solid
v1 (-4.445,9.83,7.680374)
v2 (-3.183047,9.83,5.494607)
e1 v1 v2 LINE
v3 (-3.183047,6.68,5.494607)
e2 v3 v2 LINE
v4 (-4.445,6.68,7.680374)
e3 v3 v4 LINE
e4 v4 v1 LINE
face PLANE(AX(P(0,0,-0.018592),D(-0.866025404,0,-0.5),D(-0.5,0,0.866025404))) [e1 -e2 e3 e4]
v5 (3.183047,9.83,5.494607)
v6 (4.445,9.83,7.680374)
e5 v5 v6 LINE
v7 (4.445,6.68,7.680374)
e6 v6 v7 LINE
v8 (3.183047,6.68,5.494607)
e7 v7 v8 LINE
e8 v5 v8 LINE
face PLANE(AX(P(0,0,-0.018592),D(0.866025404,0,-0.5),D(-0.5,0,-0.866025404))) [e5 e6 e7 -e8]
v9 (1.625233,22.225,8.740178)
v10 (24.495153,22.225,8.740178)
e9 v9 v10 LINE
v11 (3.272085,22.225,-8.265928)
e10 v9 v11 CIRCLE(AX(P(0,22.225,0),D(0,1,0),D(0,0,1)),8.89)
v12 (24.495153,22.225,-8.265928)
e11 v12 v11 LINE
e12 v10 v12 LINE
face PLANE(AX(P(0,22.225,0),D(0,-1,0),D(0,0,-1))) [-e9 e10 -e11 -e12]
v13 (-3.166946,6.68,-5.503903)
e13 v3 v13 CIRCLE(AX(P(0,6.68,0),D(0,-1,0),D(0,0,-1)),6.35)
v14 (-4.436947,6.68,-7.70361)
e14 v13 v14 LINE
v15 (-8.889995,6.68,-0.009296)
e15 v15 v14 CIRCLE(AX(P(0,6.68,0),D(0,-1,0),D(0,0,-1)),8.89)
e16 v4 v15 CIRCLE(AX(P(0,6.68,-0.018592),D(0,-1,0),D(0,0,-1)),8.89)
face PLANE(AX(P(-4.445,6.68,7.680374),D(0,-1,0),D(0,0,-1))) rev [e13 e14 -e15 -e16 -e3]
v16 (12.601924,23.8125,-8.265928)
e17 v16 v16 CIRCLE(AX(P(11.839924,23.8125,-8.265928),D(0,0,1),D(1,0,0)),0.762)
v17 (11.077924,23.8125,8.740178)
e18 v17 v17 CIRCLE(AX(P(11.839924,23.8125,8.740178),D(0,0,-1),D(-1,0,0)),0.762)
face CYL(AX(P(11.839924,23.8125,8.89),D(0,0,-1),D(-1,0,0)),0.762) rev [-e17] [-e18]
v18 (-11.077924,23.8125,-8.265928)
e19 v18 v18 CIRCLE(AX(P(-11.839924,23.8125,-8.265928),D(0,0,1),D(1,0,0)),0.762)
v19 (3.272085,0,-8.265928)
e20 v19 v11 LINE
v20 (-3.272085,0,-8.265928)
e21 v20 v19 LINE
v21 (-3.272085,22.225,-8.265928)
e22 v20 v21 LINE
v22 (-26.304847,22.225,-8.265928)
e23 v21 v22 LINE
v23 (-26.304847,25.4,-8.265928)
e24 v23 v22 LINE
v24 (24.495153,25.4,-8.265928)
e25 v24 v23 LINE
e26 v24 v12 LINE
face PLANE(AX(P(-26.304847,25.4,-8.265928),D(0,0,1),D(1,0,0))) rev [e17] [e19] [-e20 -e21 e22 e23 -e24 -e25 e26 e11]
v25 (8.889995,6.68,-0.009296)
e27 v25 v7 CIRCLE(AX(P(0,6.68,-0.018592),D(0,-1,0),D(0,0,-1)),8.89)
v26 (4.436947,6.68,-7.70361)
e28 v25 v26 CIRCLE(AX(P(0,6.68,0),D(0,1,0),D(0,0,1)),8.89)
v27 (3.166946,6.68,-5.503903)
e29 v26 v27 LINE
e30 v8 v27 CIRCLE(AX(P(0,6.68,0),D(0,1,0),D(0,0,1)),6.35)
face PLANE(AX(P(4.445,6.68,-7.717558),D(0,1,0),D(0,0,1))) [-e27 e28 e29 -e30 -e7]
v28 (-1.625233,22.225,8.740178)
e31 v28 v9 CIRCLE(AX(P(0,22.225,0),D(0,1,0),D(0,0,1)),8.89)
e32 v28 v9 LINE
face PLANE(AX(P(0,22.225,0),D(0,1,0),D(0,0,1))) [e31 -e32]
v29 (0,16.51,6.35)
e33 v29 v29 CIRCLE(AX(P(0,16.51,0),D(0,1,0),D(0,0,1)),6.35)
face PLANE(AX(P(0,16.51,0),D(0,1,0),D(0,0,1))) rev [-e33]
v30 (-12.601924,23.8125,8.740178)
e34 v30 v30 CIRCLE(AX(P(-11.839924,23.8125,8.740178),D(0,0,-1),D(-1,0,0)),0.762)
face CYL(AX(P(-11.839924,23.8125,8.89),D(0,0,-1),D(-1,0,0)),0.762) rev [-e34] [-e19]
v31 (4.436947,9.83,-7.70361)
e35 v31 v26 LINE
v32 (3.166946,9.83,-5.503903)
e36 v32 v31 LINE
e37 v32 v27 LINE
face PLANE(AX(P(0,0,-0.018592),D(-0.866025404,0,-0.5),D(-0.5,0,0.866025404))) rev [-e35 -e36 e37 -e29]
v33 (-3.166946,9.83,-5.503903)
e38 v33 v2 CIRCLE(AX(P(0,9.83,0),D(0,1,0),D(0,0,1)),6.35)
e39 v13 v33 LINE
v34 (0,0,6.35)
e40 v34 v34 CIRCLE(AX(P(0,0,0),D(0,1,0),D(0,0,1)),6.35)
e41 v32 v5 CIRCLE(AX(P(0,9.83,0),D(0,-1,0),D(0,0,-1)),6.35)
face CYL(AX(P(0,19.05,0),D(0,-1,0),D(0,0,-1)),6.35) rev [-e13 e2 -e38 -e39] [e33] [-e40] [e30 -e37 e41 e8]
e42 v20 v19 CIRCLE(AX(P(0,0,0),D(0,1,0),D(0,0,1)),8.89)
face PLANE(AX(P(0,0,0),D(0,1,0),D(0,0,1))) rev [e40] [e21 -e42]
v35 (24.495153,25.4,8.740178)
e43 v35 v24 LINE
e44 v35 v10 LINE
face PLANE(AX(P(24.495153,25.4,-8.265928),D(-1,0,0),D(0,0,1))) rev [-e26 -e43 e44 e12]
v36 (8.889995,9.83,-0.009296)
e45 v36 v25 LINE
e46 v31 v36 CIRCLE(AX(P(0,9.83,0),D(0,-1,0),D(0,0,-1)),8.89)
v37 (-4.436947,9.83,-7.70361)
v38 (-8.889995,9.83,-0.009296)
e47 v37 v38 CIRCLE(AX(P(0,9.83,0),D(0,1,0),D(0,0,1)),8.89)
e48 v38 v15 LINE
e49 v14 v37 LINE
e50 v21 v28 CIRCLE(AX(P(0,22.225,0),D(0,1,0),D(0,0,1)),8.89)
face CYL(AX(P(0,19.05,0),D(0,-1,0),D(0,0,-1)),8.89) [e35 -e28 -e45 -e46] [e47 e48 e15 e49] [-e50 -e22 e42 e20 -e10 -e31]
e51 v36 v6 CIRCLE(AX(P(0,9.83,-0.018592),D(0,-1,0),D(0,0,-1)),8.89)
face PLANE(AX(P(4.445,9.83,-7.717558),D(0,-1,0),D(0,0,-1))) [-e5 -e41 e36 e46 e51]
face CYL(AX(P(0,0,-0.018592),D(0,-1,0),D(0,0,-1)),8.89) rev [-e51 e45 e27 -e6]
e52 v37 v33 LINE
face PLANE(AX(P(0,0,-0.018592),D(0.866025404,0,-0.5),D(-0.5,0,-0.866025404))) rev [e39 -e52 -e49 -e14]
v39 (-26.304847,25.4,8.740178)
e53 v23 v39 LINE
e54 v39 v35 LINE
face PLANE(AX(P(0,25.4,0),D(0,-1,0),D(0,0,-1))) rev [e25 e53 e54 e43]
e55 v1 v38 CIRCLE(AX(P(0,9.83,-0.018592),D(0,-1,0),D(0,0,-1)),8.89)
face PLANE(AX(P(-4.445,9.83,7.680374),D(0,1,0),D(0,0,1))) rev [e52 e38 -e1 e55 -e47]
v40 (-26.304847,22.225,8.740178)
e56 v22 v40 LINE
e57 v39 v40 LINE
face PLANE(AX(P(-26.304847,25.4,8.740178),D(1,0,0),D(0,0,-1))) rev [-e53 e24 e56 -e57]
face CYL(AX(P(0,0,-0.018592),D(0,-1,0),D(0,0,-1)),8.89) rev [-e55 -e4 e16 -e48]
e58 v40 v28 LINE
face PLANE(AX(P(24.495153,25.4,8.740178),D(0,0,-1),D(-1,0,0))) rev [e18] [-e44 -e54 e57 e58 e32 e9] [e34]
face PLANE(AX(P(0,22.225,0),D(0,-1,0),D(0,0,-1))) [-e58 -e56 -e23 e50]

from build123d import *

# Parameters (mm, degrees)
SKETCH1_R                    = 8.89
BOSS_EXTRUDE2_DEPTH          = 19.05
SHELL7_T                     = -2.54
SKETCH3_R                    = 8.89
BOSS_EXTRUDE4_DEPTH          = 3.175
SKETCH4_W                    = 50.8
SKETCH4_H                    = 17.006105847
BOSS_EXTRUDE5_DEPTH          = 3.175
SKETCH5_W                    = 3.81
SKETCH5_H                    = 3.15
CUT_REVOLVE1_ANGLE           = 60
CUT_REVOLVE1_OTHER_WAY_ANGLE = 60
SKETCH6_R                    = 0.762
CUT_EXTRUDE1_DEPTH           = 39.937338239
CUT_EXTRUDE1_DEPTH_BACK      = 39.937338239
CUT_EXTRUDE2_DEPTH           = 36.565821813


with BuildPart() as part:
    # Sketch1 → Boss-Extrude2 (new body)
    with BuildSketch(Plane(origin=(0, 0, 0), x_dir=(1, 0, 0), z_dir=(0, 1, 0))):
        with Locations(Location((0, 0, 0), (0, 0, 90))):
            Circle(SKETCH1_R)
    extrude(amount=BOSS_EXTRUDE2_DEPTH)

    # Shell7
    shell7_openings = [part.faces().sort_by_distance(p)[0] for p in [
        (0, 0, 0),
    ]]
    offset(amount=SHELL7_T, openings=shell7_openings, kind=Kind.INTERSECTION)

    # Sketch3 → Boss-Extrude4 (add)
    with BuildSketch(Plane(origin=(0, 19.05, 0), x_dir=(1, 0, 0), z_dir=(0, 1, 0))):
        with Locations(Location((0, 0, 0), (0, 0, 90))):
            Circle(SKETCH3_R)
    extrude(amount=BOSS_EXTRUDE4_DEPTH)

    # Sketch4 → Boss-Extrude5 (add)
    with BuildSketch(Plane(origin=(0, 22.225, 0), x_dir=(1, 0, 0), z_dir=(0, 1, 0))):
        with Locations((-0.90484663, -0.237125368)):
            Rectangle(SKETCH4_W, SKETCH4_H)
    extrude(amount=BOSS_EXTRUDE5_DEPTH)

    # Sketch5 → Cut-Revolve1 (revolve, cut)
    with BuildSketch(Plane(origin=(0, 0, -0.018592303), x_dir=(-1, 0, 0), z_dir=(0, 0, -1))):
        with Locations((-6.985, 8.255)):
            Rectangle(SKETCH5_W, SKETCH5_H)
        with Locations((6.985, 8.255)):
            Rectangle(SKETCH5_W, SKETCH5_H)
    revolve(axis=Axis((0, 0, -0.018592303), (0, 1, 0)), revolution_arc=CUT_REVOLVE1_ANGLE, mode=Mode.SUBTRACT)

    # Sketch5 → Cut-Revolve1 other way (revolve, cut)
    with BuildSketch(Plane(origin=(0, 0, -0.018592303), x_dir=(-1, 0, 0), z_dir=(0, 0, -1))):
        with Locations((-6.985, 8.255)):
            Rectangle(SKETCH5_W, SKETCH5_H)
        with Locations((6.985, 8.255)):
            Rectangle(SKETCH5_W, SKETCH5_H)
    revolve(axis=Axis((0, 0, -0.018592303), (0, -1, 0)), revolution_arc=CUT_REVOLVE1_OTHER_WAY_ANGLE, mode=Mode.SUBTRACT)

    # Sketch6 → Cut-Extrude1 (cut, two sides)
    with BuildSketch(Plane(origin=(0, 0, -4.489512434), x_dir=(-1, 0, 0), z_dir=(0, 0, -1))) as cut_extrude1_sk:
        with Locations((-11.839923773, 23.8125)):
            Circle(SKETCH6_R)
        with Locations((11.839923773, 23.8125)):
            Circle(SKETCH6_R)
    extrude(amount=CUT_EXTRUDE1_DEPTH, mode=Mode.SUBTRACT)
    extrude(cut_extrude1_sk.sketch, amount=-CUT_EXTRUDE1_DEPTH_BACK, mode=Mode.SUBTRACT)

    # Sketch7 → Cut-Extrude2 (cut, through all)
    with BuildSketch(Plane(origin=(0, 22.225, 0), x_dir=(1, 0, 0), z_dir=(0, 1, 0))):
        with BuildLine():
            Line((-3.272085213, 8.265927556), (3.272085213, 8.265927556))
            ThreePointArc((3.272085213, 8.265927556), (0, 8.89), (-3.272085213, 8.265927556))
        make_face()
    extrude(amount=-CUT_EXTRUDE2_DEPTH, mode=Mode.SUBTRACT)


solid = part.part
